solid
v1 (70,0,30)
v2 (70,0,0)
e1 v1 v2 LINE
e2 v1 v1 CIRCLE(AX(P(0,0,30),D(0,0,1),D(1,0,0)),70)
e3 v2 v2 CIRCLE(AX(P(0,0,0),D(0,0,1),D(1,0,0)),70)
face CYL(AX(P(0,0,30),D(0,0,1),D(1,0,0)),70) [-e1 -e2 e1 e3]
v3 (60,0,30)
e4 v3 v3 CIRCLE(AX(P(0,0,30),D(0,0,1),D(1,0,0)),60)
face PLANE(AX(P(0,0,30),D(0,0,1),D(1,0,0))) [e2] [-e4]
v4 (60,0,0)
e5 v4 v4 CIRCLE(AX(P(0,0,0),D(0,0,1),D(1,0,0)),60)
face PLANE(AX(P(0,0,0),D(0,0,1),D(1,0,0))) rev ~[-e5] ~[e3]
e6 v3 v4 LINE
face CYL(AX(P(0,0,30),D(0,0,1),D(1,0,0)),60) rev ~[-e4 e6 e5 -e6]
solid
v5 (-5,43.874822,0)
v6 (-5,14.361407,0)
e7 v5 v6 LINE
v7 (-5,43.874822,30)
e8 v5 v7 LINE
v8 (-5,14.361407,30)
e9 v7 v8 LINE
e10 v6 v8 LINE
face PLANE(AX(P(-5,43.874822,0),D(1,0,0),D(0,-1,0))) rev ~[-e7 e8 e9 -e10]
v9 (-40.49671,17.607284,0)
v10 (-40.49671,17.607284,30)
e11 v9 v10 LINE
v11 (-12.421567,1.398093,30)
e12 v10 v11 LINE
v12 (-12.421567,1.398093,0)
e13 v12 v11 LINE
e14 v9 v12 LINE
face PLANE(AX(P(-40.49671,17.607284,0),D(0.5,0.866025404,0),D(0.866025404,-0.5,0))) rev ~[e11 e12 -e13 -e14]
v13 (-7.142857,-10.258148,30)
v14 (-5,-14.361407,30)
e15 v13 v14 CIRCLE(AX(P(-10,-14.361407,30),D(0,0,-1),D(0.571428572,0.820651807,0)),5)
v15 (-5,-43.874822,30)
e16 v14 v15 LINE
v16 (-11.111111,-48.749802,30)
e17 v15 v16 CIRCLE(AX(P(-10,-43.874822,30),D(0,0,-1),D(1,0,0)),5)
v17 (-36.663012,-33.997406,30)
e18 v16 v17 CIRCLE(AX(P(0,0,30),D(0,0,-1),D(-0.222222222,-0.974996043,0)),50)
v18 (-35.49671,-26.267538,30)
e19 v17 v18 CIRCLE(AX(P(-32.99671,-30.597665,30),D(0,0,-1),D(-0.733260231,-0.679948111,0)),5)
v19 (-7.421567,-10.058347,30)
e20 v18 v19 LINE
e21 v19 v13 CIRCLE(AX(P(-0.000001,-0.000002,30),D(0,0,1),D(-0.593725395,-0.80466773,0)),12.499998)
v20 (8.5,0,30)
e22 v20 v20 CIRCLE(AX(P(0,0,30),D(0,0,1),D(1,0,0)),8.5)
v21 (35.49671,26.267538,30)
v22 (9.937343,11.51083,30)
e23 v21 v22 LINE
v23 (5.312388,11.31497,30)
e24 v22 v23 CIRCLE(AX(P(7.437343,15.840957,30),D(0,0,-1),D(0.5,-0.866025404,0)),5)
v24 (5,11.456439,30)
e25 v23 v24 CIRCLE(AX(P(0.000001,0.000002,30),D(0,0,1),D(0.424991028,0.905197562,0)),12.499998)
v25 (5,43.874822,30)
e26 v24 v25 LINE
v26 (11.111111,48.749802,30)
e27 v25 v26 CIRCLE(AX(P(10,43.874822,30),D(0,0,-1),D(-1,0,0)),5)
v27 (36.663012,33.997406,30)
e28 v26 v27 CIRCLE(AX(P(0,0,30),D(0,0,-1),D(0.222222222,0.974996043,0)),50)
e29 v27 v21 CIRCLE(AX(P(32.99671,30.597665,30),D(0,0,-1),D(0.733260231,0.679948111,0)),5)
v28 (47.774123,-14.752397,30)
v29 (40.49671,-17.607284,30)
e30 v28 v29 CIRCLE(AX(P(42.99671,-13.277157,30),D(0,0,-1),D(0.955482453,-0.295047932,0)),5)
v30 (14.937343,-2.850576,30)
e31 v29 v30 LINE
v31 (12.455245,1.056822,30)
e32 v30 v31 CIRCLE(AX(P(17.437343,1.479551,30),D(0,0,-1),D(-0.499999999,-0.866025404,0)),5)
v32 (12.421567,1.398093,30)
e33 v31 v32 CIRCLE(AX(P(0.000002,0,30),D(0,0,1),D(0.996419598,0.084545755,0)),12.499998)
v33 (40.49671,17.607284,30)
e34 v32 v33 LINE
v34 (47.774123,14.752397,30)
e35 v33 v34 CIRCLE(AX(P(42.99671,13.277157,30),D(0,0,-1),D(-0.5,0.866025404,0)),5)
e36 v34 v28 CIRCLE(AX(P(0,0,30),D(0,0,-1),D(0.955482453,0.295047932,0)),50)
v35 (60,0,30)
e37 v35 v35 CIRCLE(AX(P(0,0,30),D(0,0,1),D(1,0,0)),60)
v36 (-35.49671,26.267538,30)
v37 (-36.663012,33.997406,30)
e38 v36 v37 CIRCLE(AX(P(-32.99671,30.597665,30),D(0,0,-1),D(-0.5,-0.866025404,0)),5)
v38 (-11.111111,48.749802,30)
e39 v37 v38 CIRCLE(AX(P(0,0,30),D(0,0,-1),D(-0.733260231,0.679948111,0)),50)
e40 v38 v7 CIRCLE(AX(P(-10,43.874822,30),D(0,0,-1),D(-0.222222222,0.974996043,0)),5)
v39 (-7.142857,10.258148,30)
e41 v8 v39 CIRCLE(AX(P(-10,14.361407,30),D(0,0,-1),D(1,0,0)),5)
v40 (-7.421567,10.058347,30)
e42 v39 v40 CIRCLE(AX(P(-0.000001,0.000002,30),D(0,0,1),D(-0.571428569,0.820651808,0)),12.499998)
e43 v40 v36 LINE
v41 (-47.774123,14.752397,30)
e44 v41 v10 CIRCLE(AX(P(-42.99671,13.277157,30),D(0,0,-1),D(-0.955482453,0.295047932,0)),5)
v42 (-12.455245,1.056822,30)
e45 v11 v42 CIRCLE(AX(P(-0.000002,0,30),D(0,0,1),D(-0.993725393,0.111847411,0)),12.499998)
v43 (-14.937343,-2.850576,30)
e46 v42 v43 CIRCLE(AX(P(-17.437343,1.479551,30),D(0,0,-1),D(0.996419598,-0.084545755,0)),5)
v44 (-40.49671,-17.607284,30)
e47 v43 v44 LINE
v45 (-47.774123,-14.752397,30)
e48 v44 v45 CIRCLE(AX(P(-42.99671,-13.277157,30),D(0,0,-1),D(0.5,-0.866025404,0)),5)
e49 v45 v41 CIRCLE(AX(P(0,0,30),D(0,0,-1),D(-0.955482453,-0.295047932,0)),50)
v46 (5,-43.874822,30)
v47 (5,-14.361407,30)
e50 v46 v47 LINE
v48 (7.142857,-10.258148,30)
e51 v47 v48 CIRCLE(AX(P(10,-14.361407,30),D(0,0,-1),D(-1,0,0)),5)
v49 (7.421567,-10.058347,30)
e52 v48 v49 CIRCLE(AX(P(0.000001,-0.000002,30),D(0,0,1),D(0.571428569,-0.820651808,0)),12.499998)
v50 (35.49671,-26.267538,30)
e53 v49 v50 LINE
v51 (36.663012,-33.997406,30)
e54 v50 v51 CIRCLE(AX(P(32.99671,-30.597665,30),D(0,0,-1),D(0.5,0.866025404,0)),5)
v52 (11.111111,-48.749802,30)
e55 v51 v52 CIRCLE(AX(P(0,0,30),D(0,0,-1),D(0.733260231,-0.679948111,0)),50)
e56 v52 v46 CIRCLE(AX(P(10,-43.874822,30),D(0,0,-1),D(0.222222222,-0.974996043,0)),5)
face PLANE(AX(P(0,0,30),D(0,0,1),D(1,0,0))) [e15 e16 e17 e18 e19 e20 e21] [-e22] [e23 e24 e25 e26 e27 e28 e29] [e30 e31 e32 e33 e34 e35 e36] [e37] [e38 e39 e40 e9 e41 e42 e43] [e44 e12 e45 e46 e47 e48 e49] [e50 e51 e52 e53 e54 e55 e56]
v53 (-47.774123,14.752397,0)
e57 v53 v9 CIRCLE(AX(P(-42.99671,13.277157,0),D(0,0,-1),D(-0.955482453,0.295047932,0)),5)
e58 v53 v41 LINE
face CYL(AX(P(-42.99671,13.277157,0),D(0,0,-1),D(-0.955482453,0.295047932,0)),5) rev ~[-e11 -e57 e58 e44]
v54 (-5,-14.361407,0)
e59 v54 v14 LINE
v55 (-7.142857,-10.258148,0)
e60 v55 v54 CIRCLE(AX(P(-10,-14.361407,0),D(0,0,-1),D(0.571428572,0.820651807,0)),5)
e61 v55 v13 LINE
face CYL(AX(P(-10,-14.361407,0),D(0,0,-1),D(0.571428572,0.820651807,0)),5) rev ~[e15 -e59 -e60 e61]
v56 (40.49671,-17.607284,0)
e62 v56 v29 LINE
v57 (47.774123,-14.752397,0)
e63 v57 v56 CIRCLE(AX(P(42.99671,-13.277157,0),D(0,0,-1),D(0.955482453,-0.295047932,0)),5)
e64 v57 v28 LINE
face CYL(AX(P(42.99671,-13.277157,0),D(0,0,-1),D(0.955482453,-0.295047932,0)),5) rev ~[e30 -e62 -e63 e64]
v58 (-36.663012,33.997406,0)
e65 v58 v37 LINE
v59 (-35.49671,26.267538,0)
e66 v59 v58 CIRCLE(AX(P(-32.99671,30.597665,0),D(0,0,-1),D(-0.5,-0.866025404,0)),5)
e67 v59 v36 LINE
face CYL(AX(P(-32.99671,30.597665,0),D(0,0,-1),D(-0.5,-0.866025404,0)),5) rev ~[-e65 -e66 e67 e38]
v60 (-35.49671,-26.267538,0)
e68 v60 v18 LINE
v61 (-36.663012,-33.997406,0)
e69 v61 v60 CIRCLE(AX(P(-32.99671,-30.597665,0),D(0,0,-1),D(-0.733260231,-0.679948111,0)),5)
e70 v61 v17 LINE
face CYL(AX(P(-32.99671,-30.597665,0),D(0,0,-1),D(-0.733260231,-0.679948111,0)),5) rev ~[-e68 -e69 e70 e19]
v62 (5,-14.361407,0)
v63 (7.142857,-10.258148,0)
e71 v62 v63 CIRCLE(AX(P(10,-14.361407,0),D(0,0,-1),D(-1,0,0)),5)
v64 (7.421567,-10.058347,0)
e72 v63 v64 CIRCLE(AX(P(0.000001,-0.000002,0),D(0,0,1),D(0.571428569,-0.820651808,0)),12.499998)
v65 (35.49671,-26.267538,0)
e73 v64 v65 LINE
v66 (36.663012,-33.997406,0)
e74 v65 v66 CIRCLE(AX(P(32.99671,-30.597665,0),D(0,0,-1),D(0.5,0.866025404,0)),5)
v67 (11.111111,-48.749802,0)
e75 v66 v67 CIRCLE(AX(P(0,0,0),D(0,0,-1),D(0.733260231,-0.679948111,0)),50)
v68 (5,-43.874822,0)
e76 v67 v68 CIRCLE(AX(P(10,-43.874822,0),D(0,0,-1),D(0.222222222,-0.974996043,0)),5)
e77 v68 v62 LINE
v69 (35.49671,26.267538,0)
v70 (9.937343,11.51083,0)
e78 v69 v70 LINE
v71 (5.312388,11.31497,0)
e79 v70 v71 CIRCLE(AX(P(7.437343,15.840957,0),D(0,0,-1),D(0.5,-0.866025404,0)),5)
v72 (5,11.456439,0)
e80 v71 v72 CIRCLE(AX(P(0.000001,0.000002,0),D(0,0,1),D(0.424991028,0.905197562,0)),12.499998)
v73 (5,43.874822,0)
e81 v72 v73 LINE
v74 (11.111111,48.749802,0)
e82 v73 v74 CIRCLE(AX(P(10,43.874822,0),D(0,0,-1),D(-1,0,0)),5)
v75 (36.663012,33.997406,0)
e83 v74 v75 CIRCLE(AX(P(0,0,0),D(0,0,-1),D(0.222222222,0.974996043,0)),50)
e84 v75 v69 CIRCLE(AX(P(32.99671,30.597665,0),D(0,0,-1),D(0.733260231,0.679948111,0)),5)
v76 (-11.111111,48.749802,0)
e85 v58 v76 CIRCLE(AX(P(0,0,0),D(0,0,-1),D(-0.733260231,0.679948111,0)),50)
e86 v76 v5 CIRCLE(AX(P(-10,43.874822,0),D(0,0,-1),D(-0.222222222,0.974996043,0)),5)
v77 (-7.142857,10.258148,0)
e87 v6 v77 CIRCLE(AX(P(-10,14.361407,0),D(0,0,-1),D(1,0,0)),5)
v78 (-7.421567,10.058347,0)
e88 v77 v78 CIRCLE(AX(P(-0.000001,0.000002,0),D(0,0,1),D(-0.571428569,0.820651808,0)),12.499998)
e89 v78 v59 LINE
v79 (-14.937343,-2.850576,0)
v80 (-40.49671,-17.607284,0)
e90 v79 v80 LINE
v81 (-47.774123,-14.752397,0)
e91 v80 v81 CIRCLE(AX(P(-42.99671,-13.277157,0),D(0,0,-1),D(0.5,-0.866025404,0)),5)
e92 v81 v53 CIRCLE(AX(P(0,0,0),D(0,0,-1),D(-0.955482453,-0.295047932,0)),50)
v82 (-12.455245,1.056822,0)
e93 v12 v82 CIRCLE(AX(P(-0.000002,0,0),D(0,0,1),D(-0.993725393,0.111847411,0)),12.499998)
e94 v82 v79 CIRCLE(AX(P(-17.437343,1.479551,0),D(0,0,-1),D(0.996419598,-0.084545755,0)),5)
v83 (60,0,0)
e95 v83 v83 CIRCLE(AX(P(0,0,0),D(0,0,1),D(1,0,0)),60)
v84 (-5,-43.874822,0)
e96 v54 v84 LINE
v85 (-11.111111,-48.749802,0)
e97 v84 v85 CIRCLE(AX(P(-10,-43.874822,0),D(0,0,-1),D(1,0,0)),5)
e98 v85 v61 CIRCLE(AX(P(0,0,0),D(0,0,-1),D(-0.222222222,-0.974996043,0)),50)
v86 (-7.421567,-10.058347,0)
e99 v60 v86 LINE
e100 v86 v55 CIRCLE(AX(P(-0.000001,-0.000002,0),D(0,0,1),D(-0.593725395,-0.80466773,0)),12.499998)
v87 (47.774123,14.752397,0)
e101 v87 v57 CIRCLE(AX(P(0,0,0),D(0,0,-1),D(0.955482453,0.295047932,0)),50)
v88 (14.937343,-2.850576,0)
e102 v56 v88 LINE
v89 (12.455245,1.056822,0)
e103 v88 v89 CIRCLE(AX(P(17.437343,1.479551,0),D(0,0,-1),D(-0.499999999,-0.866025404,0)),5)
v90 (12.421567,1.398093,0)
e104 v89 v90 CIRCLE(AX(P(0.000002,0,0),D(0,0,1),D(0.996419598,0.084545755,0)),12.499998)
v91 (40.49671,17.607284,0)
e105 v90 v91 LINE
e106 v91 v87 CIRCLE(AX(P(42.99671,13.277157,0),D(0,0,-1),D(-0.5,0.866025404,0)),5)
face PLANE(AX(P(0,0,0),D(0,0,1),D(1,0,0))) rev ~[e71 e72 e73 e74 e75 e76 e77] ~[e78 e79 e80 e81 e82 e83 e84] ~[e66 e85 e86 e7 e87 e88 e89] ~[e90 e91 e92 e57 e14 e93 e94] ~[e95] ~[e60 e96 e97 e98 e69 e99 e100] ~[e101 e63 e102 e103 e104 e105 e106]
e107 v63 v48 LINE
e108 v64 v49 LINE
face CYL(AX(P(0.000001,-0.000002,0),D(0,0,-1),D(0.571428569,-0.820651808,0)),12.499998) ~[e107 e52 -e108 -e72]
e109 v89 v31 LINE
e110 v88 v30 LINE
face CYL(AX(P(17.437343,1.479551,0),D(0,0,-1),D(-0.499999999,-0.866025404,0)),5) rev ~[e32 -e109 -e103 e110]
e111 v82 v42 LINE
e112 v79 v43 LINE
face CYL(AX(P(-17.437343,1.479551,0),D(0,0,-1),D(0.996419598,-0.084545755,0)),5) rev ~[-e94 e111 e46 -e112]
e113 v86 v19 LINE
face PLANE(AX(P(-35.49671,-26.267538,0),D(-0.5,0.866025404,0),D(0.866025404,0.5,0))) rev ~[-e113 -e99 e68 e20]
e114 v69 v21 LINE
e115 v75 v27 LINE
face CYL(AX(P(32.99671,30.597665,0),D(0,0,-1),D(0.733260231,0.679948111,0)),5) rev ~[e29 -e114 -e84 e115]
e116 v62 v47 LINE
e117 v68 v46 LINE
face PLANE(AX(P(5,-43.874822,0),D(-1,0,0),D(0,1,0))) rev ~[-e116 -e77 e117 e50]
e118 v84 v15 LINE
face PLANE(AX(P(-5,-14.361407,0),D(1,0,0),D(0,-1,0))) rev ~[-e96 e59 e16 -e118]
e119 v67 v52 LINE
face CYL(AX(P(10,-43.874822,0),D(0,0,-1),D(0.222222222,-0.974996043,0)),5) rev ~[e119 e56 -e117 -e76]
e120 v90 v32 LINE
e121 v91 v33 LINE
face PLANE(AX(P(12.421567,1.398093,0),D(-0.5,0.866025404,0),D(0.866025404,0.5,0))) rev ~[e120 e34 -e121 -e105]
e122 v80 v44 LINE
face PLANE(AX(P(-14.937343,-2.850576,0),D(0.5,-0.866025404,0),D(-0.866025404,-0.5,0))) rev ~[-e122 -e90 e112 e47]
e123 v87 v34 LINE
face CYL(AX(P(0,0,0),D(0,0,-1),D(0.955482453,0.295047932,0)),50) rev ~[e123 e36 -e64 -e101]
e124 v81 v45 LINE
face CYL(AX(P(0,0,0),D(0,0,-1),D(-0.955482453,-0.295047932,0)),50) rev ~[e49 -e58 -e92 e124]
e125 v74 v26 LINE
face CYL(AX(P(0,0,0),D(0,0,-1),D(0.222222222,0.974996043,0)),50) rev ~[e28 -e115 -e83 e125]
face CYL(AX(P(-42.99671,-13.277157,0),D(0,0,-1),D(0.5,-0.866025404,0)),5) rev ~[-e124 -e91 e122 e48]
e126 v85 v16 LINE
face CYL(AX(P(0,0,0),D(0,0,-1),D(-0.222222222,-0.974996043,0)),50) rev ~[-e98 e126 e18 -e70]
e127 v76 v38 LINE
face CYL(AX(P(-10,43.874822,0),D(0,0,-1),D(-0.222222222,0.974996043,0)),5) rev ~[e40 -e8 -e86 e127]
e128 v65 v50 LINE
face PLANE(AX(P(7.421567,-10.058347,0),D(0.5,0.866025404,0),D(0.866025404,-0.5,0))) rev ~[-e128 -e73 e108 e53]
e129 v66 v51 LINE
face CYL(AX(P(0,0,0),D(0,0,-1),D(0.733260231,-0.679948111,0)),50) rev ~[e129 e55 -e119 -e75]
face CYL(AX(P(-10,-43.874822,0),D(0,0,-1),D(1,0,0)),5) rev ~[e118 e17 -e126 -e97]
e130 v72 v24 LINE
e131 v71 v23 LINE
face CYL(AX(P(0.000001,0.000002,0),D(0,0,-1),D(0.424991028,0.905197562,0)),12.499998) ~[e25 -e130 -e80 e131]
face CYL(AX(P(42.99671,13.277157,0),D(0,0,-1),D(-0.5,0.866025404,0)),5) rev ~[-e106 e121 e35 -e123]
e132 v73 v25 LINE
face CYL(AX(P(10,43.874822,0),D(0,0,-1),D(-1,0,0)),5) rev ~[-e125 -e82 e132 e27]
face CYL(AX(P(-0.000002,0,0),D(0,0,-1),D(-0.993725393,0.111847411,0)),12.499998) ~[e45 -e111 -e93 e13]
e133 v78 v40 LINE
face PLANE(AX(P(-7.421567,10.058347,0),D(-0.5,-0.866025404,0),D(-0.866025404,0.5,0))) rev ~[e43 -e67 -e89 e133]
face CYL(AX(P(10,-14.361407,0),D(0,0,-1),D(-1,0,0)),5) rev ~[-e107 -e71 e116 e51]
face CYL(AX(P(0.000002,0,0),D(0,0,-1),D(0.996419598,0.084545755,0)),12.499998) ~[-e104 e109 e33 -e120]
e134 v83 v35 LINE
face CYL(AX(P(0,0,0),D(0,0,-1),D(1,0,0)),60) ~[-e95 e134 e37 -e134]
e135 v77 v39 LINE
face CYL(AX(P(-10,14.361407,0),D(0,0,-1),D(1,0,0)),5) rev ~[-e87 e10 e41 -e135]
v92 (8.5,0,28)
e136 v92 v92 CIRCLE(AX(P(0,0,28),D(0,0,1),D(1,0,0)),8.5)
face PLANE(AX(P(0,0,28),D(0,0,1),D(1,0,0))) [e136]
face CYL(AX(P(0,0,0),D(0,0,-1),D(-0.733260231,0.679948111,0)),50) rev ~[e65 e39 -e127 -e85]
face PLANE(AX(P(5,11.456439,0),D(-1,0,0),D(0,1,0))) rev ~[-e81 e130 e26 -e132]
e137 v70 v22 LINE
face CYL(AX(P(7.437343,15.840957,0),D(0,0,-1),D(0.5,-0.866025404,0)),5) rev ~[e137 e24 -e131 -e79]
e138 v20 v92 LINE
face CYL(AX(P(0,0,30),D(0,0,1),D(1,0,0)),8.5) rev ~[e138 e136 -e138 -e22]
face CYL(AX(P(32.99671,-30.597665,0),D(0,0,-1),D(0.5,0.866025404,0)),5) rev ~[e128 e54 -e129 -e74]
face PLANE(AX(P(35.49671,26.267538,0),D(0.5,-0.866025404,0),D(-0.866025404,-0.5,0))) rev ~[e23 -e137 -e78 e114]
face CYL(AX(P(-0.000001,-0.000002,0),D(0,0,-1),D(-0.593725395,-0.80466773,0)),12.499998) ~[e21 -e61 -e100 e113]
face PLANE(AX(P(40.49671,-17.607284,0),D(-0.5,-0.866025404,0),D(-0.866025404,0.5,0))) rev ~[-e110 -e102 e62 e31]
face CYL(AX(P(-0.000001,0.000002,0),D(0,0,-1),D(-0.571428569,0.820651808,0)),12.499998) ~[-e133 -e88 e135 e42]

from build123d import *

# Parameters (mm, degrees)
SKETCH_1_R          = 60
EXTRUDE_1_DEPTH     = 30
SKETCH_2_R          = 70
SKETCH_2_R_2        = 60
EXTRUDE_2_DEPTH     = 30
SKETCH_3_R          = 8.5
CUT_EXTRUDE_1_DEPTH = 2


with BuildPart() as part:
    # ｽｹｯﾁ1 → ﾎﾞｽ - 押し出し1 (new body)
    with BuildSketch(Plane.XY):
        Circle(SKETCH_1_R)
        with BuildLine():
            Line((-5, 43.874821937), (-5, 14.361406616))
            ThreePointArc((-5, 14.361406616), (-5.567973698, 12.046856367), (-7.142857143, 10.258147583))
            ThreePointArc((-7.142857143, 10.258147583), (-7.282897486, 10.159202932), (-7.421567416, 10.058346638))
            Line((-7.421567416, 10.058346638), (-35.496710384, 26.267537987))
            ThreePointArc((-35.496710384, 26.267537987), (-37.940750297, 29.851696282), (-36.663011538, 33.997405563))
            ThreePointArc((-36.663011538, 33.997405563), (-25, 43.301270189), (-11.111111111, 48.749802152))
            ThreePointArc((-11.111111111, 48.749802152), (-6.881952178, 47.783501737), (-5, 43.874821937))
        make_face(mode=Mode.SUBTRACT)
        with BuildLine():
            Line((-5, -14.361406616), (-5, -43.874821937))
            ThreePointArc((-5, -43.874821937), (-6.881952178, -47.783501737), (-11.111111111, -48.749802152))
            ThreePointArc((-11.111111111, -48.749802152), (-25, -43.301270189), (-36.663011538, -33.997405563))
            ThreePointArc((-36.663011538, -33.997405563), (-37.940750297, -29.851696282), (-35.496710384, -26.267537987))
            Line((-35.496710384, -26.267537987), (-7.421567416, -10.058346638))
            ThreePointArc((-7.421567416, -10.058346638), (-7.282897486, -10.159202932), (-7.142857143, -10.258147583))
            ThreePointArc((-7.142857143, -10.258147583), (-5.567973698, -12.046856367), (-5, -14.361406616))
        make_face(mode=Mode.SUBTRACT)
        with BuildLine():
            Line((35.496710384, 26.267537987), (9.937342964, 11.510830327))
            ThreePointArc((9.937342964, 11.510830327), (7.648896801, 10.845434853), (5.312387831, 11.314969533))
            ThreePointArc((5.312387831, 11.314969533), (5.156679078, 11.386775702), (5, 11.456439237))
            Line((5, 11.456439237), (5, 43.874821937))
            ThreePointArc((5, 43.874821937), (6.881952178, 47.783501737), (11.111111111, 48.749802152))
            ThreePointArc((11.111111111, 48.749802152), (25, 43.301270189), (36.663011538, 33.997405563))
            ThreePointArc((36.663011538, 33.997405563), (37.940750297, 29.851696282), (35.496710384, 26.267537987))
        make_face(mode=Mode.SUBTRACT)
        with BuildLine():
            Line((-14.937342964, -2.850576289), (-40.496710384, -17.60728395))
            ThreePointArc((-40.496710384, -17.60728395), (-44.822702475, -17.931805455), (-47.774122649, -14.75239659))
            ThreePointArc((-47.774122649, -14.75239659), (-50, 0), (-47.774122649, 14.75239659))
            ThreePointArc((-47.774122649, 14.75239659), (-44.822702475, 17.931805455), (-40.496710384, 17.60728395))
            Line((-40.496710384, 17.60728395), (-12.421567416, 1.3980926))
            ThreePointArc((-12.421567416, 1.3980926), (-12.439576564, 1.22757277), (-12.455244974, 1.05682195))
            ThreePointArc((-12.455244974, 1.05682195), (-13.216870498, -1.201421514), (-14.937342964, -2.850576289))
        make_face(mode=Mode.SUBTRACT)
        with BuildLine():
            Line((40.496710384, -17.60728395), (14.937342964, -2.850576289))
            ThreePointArc((14.937342964, -2.850576289), (13.216870498, -1.201421514), (12.455244974, 1.05682195))
            ThreePointArc((12.455244974, 1.05682195), (12.439576564, 1.22757277), (12.421567416, 1.3980926))
            Line((12.421567416, 1.3980926), (40.496710384, 17.60728395))
            ThreePointArc((40.496710384, 17.60728395), (44.822702475, 17.931805455), (47.774122649, 14.75239659))
            ThreePointArc((47.774122649, 14.75239659), (50, 0), (47.774122649, -14.75239659))
            ThreePointArc((47.774122649, -14.75239659), (44.822702475, -17.931805455), (40.496710384, -17.60728395))
        make_face(mode=Mode.SUBTRACT)
        with BuildLine():
            Line((5, -43.874821937), (5, -14.361406616))
            ThreePointArc((5, -14.361406616), (5.567973698, -12.046856367), (7.142857143, -10.258147583))
            ThreePointArc((7.142857143, -10.258147583), (7.282897486, -10.159202932), (7.421567416, -10.058346638))
            Line((7.421567416, -10.058346638), (35.496710384, -26.267537987))
            ThreePointArc((35.496710384, -26.267537987), (37.940750297, -29.851696282), (36.663011538, -33.997405563))
            ThreePointArc((36.663011538, -33.997405563), (25, -43.301270189), (11.111111111, -48.749802152))
            ThreePointArc((11.111111111, -48.749802152), (6.881952178, -47.783501737), (5, -43.874821937))
        make_face(mode=Mode.SUBTRACT)
    extrude(amount=EXTRUDE_1_DEPTH)

    # ｽｹｯﾁ3 → ｶｯﾄ - 押し出し1 (cut)
    with BuildSketch(Plane.XY.offset(30)):
        Circle(SKETCH_3_R)
    extrude(amount=-CUT_EXTRUDE_1_DEPTH, mode=Mode.SUBTRACT)


with BuildPart() as body_2:
    # ｽｹｯﾁ2 → ﾎﾞｽ - 押し出し2 (new body)
    with BuildSketch(Plane.XY.offset(30)):
        Circle(SKETCH_2_R)
        Circle(SKETCH_2_R_2, mode=Mode.SUBTRACT)
    extrude(amount=-EXTRUDE_2_DEPTH)


solid = Compound([part.part, body_2.part])
